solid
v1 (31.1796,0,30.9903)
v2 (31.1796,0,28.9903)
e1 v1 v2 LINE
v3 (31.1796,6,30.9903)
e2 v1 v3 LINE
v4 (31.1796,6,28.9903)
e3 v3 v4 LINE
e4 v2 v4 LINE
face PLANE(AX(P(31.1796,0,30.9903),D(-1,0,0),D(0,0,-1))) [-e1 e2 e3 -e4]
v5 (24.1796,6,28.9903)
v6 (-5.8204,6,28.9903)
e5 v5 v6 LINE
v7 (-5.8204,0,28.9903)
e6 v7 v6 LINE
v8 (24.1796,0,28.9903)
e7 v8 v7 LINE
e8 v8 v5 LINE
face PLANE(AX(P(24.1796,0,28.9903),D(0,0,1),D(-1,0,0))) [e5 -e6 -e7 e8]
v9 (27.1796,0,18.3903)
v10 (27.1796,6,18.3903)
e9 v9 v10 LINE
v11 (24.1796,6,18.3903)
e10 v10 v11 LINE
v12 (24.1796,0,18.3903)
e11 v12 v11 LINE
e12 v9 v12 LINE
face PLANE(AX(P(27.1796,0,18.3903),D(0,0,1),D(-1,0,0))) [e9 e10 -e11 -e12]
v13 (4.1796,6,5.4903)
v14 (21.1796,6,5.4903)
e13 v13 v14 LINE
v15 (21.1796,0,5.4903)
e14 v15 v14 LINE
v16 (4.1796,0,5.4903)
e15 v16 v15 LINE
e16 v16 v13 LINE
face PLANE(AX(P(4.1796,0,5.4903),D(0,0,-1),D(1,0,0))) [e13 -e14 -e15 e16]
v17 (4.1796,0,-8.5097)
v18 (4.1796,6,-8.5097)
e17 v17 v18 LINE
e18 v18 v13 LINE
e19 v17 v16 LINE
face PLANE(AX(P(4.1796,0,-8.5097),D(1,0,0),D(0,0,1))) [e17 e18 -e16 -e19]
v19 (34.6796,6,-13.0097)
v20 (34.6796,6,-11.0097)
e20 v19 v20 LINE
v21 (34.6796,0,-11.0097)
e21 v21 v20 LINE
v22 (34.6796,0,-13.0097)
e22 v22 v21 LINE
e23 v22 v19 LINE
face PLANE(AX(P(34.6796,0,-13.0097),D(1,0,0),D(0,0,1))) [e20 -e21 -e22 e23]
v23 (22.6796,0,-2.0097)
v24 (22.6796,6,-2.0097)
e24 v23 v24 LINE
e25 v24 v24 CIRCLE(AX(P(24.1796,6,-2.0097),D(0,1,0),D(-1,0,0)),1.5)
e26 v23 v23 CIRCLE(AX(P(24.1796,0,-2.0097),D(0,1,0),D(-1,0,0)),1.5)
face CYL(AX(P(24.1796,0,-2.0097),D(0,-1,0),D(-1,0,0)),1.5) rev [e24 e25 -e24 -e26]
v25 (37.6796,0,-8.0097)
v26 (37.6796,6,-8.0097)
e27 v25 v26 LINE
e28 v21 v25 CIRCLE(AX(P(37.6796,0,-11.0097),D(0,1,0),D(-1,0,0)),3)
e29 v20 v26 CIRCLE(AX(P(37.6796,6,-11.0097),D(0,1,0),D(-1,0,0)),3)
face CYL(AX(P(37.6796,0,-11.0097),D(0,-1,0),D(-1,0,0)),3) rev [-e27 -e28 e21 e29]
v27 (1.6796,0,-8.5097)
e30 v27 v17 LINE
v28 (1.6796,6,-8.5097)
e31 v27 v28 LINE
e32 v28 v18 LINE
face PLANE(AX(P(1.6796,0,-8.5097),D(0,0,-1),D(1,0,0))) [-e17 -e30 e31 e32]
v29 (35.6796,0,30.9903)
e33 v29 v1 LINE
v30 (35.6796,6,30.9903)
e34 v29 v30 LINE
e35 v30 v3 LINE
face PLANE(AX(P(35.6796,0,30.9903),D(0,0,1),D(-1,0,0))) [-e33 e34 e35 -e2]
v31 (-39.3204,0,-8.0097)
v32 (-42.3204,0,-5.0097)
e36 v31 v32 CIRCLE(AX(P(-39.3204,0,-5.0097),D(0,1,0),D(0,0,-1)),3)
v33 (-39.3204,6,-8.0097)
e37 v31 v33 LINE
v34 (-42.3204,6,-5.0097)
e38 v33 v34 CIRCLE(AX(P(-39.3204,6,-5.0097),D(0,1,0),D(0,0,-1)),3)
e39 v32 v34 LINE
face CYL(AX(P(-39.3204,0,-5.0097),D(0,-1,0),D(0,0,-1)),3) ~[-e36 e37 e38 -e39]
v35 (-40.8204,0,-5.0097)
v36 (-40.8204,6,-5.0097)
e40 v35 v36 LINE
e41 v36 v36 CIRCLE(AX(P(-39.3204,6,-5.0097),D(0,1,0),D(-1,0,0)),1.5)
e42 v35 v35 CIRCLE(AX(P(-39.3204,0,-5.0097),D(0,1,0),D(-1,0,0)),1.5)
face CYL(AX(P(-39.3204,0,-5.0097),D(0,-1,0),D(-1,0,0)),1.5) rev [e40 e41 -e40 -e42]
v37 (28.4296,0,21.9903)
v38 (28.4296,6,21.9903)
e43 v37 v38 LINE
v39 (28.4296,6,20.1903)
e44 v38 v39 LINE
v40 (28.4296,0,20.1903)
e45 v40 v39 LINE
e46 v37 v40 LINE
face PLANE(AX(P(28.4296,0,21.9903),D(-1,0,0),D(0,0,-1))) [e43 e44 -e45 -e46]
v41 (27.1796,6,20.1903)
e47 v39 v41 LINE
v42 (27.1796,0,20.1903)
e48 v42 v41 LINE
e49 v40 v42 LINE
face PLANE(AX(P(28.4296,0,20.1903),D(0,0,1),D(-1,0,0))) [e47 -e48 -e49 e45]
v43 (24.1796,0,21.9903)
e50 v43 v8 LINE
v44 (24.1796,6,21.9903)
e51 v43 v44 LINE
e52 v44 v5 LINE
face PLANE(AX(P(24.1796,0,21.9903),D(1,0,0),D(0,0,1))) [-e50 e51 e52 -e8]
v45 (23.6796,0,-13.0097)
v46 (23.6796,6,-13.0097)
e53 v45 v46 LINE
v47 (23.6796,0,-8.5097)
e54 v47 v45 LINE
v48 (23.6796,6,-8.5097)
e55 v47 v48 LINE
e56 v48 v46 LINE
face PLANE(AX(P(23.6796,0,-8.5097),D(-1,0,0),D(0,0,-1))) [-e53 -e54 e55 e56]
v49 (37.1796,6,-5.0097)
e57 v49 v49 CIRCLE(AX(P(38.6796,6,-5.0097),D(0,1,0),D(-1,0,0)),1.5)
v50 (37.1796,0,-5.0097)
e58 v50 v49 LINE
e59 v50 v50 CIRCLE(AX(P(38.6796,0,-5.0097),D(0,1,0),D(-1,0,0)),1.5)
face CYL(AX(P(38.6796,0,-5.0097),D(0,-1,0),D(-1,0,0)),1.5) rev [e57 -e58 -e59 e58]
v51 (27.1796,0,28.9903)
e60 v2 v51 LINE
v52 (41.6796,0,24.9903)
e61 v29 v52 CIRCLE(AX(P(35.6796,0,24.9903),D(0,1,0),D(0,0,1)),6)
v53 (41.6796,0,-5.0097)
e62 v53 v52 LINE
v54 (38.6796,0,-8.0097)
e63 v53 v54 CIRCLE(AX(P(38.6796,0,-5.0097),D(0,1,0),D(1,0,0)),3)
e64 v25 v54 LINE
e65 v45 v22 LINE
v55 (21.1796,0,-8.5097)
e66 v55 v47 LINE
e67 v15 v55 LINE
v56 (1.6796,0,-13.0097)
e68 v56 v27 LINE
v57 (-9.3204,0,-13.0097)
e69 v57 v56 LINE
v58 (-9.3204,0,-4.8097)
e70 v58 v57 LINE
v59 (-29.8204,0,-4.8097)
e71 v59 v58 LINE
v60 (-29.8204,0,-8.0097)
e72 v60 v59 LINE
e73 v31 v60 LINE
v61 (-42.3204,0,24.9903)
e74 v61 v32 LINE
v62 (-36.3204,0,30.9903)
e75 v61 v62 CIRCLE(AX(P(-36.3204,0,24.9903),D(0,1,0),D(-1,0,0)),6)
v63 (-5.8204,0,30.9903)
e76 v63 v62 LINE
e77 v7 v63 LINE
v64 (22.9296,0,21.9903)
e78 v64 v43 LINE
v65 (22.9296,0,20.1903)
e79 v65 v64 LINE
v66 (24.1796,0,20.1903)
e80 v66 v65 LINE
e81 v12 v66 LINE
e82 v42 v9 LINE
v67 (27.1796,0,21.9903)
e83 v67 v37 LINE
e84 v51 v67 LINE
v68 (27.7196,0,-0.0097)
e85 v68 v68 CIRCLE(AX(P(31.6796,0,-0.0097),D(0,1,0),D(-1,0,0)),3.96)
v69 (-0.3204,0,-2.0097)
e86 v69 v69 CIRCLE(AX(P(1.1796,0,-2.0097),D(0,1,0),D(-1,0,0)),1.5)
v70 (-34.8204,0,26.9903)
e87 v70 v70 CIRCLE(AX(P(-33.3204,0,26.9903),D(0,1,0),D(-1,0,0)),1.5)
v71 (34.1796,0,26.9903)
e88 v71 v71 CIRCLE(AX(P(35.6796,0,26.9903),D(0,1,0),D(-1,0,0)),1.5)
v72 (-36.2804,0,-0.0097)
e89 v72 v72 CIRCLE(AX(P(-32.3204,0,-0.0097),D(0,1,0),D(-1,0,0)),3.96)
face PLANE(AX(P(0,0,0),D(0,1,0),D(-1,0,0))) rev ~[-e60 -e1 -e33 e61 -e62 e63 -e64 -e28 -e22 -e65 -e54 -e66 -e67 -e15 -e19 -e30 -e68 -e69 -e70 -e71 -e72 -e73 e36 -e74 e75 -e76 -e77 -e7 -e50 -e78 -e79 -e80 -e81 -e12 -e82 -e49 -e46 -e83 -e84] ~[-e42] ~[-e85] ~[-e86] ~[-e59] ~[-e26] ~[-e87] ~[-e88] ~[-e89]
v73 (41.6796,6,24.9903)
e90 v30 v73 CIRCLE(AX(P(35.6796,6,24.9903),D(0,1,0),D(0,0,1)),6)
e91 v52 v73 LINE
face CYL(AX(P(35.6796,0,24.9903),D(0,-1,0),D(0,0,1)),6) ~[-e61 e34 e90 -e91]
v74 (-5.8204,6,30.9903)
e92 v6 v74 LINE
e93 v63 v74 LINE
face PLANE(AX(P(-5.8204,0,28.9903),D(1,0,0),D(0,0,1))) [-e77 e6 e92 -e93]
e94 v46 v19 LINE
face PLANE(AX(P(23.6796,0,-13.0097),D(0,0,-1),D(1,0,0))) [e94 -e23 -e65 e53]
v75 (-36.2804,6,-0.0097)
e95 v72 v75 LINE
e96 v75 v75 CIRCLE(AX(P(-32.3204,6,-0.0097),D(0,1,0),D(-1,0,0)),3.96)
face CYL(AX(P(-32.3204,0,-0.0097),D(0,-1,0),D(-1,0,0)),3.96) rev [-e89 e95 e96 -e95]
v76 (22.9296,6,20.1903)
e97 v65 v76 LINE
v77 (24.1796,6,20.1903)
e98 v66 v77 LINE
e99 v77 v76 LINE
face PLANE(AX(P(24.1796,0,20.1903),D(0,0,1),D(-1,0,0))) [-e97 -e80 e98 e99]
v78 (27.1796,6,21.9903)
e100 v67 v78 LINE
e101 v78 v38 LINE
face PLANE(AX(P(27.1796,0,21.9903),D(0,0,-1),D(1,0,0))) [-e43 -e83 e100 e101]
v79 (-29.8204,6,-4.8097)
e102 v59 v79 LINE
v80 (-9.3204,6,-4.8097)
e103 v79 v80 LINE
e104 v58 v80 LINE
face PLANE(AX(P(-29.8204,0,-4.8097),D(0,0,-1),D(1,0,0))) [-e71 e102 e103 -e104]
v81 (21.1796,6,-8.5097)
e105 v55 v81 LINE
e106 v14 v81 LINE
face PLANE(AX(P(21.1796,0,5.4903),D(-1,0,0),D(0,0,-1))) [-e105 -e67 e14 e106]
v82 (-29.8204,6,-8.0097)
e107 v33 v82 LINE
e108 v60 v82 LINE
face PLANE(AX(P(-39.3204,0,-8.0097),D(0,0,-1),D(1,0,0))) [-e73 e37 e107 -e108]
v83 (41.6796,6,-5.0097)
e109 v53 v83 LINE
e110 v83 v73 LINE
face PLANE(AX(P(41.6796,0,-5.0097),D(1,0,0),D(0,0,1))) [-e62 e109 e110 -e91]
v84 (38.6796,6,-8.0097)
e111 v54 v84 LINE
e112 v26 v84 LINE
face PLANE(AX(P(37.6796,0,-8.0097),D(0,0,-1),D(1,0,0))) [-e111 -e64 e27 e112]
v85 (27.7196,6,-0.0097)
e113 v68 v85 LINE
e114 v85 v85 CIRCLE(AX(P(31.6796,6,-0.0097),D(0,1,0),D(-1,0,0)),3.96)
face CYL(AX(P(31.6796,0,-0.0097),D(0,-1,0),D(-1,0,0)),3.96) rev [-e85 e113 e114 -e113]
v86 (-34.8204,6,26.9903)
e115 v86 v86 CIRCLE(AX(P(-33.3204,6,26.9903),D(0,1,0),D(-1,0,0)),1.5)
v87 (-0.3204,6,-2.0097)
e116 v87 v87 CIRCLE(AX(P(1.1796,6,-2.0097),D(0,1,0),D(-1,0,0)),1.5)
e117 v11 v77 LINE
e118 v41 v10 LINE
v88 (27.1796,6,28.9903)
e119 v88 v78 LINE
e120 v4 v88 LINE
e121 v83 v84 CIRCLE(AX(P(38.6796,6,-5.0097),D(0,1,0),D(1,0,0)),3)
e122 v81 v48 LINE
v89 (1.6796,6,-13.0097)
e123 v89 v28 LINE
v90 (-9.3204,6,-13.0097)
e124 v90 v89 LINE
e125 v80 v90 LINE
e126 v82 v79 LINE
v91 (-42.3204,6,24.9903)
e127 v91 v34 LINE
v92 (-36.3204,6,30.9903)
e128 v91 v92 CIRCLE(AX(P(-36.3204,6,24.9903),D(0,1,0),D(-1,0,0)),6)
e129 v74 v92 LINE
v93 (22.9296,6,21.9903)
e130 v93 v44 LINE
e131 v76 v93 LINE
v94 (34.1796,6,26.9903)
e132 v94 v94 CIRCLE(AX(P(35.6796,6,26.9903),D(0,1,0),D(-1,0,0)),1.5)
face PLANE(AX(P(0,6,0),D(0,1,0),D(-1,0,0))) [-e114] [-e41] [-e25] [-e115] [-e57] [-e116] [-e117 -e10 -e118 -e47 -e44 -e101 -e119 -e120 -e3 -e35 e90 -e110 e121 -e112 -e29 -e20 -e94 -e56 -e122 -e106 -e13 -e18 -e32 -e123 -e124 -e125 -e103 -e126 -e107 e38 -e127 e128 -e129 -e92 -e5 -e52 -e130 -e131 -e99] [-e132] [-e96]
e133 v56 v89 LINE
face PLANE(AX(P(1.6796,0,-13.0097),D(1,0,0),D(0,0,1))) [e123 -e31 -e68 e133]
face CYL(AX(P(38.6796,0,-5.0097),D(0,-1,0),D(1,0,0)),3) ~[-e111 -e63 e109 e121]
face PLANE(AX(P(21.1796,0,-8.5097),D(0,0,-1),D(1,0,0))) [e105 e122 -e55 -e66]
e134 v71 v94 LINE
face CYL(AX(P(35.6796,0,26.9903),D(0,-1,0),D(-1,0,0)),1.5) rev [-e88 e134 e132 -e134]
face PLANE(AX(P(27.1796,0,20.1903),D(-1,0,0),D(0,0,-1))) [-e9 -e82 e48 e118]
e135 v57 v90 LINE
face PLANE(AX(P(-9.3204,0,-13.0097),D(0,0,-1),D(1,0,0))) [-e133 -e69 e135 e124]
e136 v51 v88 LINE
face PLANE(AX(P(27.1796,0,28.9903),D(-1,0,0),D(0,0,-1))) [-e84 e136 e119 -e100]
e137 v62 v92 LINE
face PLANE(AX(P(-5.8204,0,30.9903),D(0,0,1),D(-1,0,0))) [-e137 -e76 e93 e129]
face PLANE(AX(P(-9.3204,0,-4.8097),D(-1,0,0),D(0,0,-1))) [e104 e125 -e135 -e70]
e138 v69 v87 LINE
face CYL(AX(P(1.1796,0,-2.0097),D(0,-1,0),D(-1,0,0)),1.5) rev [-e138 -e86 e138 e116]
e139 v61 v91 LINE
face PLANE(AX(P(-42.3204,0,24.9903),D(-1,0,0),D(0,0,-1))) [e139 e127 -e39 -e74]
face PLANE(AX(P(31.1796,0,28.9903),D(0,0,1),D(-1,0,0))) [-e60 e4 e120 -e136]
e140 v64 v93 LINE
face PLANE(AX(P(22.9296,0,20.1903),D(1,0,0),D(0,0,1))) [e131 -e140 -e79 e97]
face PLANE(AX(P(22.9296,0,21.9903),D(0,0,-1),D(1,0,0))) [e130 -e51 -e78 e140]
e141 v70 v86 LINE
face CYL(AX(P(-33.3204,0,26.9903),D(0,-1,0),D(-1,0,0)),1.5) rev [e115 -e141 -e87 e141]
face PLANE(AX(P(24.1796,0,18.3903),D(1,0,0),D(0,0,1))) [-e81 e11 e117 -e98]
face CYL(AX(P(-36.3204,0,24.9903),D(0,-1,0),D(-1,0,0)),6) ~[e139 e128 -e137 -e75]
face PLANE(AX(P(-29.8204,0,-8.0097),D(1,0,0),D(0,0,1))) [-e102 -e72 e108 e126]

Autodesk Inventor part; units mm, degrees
ref_plane "YZ Plane" through (0, 0, 0) normal (1, 0, 0) x (0, 1, 0)
ref_plane "XZ Plane" through (0, 0, 0) normal (0, 1, 0) x (-1, 0, 0)
ref_plane "XY Plane" through (0, 0, 0) normal (0, 0, 1) x (1, 0, 0)
sketch "Sketch1" plane through (0, 0, 0) normal (0, 1, 0) x (-1, 0, 0)
  arc A0 (-35.6796, 30.9903) -> (-41.6796, 24.9903) centre (-35.6796, 24.9903) ccw
  line L0 (-41.6796, -5.0097) -> (-41.6796, 24.9903)
  arc A1 (-41.6796, -5.0097) -> (-38.6796, -8.0097) centre (-38.6796, -5.0097) ccw
  line L1 (-37.6796, -8.0097) -> (-38.6796, -8.0097)
  arc A2 (-34.6796, -11.0097) -> (-37.6796, -8.0097) centre (-37.6796, -11.0097) ccw
  line L2 (-34.6796, -13.0097) -> (-34.6796, -11.0097)
  line L3 (-23.6796, -13.0097) -> (-34.6796, -13.0097)
  line L4 (-23.6796, -8.5097) -> (-23.6796, -13.0097)
  line L5 (-21.1796, -8.5097) -> (-23.6796, -8.5097)
  line L6 (-21.1796, 5.4903) -> (-21.1796, -8.5097)
  line L7 (-4.1796, 5.4903) -> (-21.1796, 5.4903)
  line L8 (-4.1796, -8.5097) -> (-4.1796, 5.4903)
  line L9 (-1.6796, -8.5097) -> (-4.1796, -8.5097)
  line L10 (-1.6796, -13.0097) -> (-1.6796, -8.5097)
  line L11 (9.3204, -13.0097) -> (-1.6796, -13.0097)
  line L12 (9.3204, -4.8097) -> (9.3204, -13.0097)
  line L13 (29.8204, -4.8097) -> (9.3204, -4.8097)
  line L14 (29.8204, -8.0097) -> (29.8204, -4.8097)
  line L15 (39.3204, -8.0097) -> (29.8204, -8.0097)
  arc A3 (39.3204, -8.0097) -> (42.3204, -5.0097) centre (39.3204, -5.0097) ccw
  line L16 (42.3204, 24.9903) -> (42.3204, -5.0097)
  arc A4 (42.3204, 24.9903) -> (36.3204, 30.9903) centre (36.3204, 24.9903) ccw
  line L17 (5.8204, 30.9903) -> (36.3204, 30.9903)
  line L18 (5.8204, 28.9903) -> (5.8204, 30.9903)
  line L19 (-24.1796, 28.9903) -> (5.8204, 28.9903)
  line L20 (-24.1796, 21.9903) -> (-24.1796, 28.9903)
  line L21 (-22.9296, 21.9903) -> (-24.1796, 21.9903)
  line L22 (-22.9296, 20.1903) -> (-22.9296, 21.9903)
  line L23 (-24.1796, 20.1903) -> (-22.9296, 20.1903)
  line L24 (-24.1796, 18.3903) -> (-24.1796, 20.1903)
  line L25 (-27.1796, 18.3903) -> (-24.1796, 18.3903)
  line L26 (-27.1796, 20.1903) -> (-27.1796, 18.3903)
  line L27 (-28.4296, 20.1903) -> (-27.1796, 20.1903)
  line L28 (-28.4296, 21.9903) -> (-28.4296, 20.1903)
  line L29 (-27.1796, 21.9903) -> (-28.4296, 21.9903)
  line L30 (-27.1796, 28.9903) -> (-27.1796, 21.9903)
  line L31 (-31.1796, 28.9903) -> (-27.1796, 28.9903)
  line L32 (-31.1796, 30.9903) -> (-31.1796, 28.9903)
  line L33 (-35.6796, 30.9903) -> (-31.1796, 30.9903)
  circle A5 centre (-31.6796, -0.0097) radius 3.96
  circle A6 centre (32.3204, -0.0097) radius 3.96
  circle A7 centre (-35.6796, 26.9903) radius 1.5
  circle A8 centre (-38.6796, -5.0097) radius 1.5
  circle A9 centre (-1.1796, -2.0097) radius 1.5
  circle A10 centre (-24.1796, -2.0097) radius 1.5
  circle A11 centre (33.3204, 26.9903) radius 1.5
  circle A12 centre (39.3204, -5.0097) radius 1.5
  point P0 (0, 0)
  point P1 (0, 0)
extrude "Extrusion1" add sketch "Sketch1" along normal blind 6
properties part number "XcrRight_c"
